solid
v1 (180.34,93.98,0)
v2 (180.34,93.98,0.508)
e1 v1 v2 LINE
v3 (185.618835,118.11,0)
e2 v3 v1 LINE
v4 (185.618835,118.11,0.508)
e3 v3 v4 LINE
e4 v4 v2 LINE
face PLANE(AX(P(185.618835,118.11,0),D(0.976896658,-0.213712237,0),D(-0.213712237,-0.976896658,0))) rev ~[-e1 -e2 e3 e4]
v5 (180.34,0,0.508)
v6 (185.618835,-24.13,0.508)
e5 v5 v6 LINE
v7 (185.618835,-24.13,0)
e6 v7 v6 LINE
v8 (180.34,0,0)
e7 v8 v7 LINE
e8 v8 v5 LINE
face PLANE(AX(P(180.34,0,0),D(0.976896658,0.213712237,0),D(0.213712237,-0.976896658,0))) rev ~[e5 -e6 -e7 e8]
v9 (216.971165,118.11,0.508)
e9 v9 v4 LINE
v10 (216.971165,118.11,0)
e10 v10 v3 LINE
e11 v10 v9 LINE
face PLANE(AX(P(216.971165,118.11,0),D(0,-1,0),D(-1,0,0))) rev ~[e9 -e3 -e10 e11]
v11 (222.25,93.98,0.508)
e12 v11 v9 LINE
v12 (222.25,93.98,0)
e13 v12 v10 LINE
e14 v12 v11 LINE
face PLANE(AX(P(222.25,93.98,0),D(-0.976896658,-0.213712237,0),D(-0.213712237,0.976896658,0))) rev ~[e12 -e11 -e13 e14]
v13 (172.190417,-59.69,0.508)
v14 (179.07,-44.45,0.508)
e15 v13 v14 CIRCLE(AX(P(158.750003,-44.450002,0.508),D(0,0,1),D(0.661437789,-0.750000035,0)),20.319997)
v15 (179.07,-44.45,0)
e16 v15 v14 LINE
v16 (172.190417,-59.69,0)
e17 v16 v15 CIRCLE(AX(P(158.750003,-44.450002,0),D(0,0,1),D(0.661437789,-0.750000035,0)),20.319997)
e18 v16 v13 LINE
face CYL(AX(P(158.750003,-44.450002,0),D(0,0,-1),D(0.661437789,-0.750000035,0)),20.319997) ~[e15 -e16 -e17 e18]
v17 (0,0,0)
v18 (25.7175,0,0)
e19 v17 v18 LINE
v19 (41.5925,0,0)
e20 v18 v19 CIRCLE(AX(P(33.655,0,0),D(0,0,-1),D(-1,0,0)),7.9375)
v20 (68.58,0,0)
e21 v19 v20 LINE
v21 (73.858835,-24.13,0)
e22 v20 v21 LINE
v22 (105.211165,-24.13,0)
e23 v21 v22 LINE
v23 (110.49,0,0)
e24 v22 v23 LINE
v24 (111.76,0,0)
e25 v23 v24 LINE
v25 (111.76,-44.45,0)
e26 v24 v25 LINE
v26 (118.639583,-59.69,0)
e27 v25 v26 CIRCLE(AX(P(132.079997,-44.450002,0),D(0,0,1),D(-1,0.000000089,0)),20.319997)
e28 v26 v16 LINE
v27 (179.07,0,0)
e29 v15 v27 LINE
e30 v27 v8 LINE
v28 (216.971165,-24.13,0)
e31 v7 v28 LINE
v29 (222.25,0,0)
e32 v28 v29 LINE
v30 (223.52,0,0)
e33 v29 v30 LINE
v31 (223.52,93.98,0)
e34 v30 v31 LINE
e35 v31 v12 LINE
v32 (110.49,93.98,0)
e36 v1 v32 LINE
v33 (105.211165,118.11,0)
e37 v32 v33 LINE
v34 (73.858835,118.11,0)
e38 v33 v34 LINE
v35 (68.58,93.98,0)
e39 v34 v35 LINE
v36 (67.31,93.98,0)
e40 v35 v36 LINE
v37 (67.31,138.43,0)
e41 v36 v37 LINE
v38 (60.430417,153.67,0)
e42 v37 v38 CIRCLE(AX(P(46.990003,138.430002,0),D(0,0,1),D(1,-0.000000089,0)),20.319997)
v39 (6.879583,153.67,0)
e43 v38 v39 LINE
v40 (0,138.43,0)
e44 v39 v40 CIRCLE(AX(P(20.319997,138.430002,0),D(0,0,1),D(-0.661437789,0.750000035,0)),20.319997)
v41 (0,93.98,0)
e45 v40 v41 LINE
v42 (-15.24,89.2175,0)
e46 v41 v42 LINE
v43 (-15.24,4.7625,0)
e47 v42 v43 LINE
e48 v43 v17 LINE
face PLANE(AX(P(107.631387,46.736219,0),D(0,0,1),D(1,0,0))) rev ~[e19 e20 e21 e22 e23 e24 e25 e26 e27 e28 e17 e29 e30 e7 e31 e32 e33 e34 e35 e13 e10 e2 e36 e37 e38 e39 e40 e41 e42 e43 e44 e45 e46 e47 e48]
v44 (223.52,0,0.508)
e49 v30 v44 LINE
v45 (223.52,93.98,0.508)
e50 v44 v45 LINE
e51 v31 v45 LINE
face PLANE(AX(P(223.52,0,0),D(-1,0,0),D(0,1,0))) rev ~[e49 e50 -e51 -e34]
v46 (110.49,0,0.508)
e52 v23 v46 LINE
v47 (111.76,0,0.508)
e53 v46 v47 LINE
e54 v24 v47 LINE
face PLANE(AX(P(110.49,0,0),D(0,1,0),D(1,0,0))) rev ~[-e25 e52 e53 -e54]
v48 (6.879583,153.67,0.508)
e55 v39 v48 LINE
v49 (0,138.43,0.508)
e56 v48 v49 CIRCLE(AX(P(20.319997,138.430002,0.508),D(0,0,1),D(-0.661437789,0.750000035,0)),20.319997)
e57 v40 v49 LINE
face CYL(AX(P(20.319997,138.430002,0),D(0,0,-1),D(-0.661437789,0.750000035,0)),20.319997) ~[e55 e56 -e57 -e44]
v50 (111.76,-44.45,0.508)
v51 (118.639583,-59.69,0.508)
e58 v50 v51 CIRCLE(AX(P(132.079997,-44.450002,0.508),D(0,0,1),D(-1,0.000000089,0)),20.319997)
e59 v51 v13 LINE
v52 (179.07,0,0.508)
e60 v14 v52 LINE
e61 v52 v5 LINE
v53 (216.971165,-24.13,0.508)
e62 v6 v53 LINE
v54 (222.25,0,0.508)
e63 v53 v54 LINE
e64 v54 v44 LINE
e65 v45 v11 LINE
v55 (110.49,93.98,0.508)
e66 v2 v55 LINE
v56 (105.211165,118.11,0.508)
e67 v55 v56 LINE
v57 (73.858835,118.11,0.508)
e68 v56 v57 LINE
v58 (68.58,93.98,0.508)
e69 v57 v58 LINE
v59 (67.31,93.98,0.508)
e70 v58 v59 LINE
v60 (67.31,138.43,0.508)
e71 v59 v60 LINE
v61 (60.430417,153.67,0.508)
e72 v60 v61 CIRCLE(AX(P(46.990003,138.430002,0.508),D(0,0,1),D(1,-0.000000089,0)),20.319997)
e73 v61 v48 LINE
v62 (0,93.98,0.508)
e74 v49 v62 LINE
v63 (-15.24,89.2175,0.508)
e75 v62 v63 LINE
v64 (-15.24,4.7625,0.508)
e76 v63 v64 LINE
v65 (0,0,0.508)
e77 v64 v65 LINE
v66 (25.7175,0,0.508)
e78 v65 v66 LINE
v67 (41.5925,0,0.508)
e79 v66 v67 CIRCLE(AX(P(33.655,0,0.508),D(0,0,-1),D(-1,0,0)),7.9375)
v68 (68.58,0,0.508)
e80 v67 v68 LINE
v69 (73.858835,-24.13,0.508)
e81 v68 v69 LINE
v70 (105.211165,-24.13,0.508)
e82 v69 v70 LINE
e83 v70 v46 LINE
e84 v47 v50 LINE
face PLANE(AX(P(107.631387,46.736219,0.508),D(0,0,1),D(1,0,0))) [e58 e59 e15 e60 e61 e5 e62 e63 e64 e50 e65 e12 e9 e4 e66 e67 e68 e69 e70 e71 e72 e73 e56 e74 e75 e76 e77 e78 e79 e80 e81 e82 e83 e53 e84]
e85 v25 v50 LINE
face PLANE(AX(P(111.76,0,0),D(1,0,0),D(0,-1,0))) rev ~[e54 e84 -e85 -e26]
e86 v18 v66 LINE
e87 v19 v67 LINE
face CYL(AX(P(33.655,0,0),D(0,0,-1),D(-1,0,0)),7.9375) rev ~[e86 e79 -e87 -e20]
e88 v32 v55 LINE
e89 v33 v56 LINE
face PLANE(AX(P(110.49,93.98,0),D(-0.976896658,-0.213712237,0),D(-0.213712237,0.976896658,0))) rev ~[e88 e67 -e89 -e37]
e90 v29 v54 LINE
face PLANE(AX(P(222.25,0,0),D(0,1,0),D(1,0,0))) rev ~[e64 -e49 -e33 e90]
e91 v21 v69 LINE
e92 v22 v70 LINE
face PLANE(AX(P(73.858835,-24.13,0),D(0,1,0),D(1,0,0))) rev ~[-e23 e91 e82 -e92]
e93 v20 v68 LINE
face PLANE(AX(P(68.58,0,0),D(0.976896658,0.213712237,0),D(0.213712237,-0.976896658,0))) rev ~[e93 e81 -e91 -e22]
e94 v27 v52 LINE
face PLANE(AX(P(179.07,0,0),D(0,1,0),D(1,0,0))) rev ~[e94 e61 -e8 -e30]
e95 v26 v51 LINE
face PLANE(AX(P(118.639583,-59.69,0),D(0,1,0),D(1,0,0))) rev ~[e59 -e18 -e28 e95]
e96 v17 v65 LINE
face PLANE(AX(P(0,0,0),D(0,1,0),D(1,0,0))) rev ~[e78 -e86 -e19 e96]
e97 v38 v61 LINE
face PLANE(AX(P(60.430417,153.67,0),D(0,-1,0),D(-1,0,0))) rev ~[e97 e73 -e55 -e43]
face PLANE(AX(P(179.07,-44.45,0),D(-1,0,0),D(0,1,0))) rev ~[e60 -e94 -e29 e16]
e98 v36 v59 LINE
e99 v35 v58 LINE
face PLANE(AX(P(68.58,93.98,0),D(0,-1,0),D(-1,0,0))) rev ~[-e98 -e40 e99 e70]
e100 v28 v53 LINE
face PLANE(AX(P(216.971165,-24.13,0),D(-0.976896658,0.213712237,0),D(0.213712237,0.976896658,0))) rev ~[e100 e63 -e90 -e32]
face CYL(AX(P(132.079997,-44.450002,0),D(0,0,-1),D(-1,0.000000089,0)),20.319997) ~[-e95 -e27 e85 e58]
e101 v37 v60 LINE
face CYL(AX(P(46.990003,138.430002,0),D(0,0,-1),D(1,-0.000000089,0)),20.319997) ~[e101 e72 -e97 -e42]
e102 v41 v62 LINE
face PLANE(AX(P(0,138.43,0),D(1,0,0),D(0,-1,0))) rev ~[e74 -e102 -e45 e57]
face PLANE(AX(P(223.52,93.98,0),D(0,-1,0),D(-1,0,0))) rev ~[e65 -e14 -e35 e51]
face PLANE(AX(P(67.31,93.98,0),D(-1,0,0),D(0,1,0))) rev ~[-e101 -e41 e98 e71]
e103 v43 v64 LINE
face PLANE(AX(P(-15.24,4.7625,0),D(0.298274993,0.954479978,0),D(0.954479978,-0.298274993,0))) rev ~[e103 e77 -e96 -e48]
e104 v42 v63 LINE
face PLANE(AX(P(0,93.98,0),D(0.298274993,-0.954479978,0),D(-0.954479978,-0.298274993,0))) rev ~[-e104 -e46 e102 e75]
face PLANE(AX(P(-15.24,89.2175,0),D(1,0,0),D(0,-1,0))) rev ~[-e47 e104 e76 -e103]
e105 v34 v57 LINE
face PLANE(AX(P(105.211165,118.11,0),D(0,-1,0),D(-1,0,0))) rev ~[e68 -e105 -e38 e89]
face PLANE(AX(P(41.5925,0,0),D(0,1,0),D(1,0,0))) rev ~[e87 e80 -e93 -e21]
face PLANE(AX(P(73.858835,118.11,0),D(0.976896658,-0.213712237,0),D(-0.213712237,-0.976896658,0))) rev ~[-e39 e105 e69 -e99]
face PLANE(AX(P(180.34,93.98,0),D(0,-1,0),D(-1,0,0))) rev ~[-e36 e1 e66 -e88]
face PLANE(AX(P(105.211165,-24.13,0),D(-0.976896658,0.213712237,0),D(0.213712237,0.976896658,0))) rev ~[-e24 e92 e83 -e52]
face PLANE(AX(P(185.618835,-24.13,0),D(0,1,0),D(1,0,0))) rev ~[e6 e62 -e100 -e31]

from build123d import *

# Parameters (mm, degrees)
F1_DEPTH = 0.508


with BuildPart() as f1:
    # F0 (on Top) → F1 (new body)
    with BuildSketch(Plane.XY):
        with BuildLine():
            Line((-15.24, 4.7625), (0, 0))
            Line((0, 0), (25.7175, 0))
            ThreePointArc((25.7175, 0), (33.655, 7.9375), (41.5925, 0))
            Line((41.5925, 0), (67.31, 0))
            Line((67.31, 0), (68.58, 0))
            Line((68.58, 0), (73.858835, -24.13))
            Line((73.858835, -24.13), (105.211165, -24.13))
            Line((105.211165, -24.13), (110.49, 0))
            Line((110.49, 0), (111.76, 0))
            Line((111.76, 0), (111.76, -44.45))
            ThreePointArc((111.76, -44.45), (113.559583, -52.810417), (118.639583, -59.69))
            Line((118.639583, -59.69), (172.190417, -59.69))
            ThreePointArc((172.190417, -59.69), (177.270417, -52.810417), (179.07, -44.45))
            Line((179.07, -44.45), (179.07, 0))
            Line((179.07, 0), (180.34, 0))
            Line((180.34, 0), (185.618835, -24.13))
            Line((185.618835, -24.13), (216.971165, -24.13))
            Line((216.971165, -24.13), (222.25, 0))
            Line((222.25, 0), (223.52, 0))
            Line((223.52, 0), (223.52, 93.98))
            Line((223.52, 93.98), (222.25, 93.98))
            Line((222.25, 93.98), (216.971165, 118.11))
            Line((216.971165, 118.11), (185.618835, 118.11))
            Line((185.618835, 118.11), (180.34, 93.98))
            Line((180.34, 93.98), (179.07, 93.98))
            Line((179.07, 93.98), (111.76, 93.98))
            Line((111.76, 93.98), (110.49, 93.98))
            Line((110.49, 93.98), (105.211165, 118.11))
            Line((105.211165, 118.11), (73.858835, 118.11))
            Line((73.858835, 118.11), (68.58, 93.98))
            Line((68.58, 93.98), (67.31, 93.98))
            Line((67.31, 93.98), (67.31, 138.43))
            ThreePointArc((67.31, 138.43), (65.510417, 146.790417), (60.430417, 153.67))
            Line((60.430417, 153.67), (33.655, 153.67))
            Line((33.655, 153.67), (6.879583, 153.67))
            ThreePointArc((6.879583, 153.67), (1.799583, 146.790417), (0, 138.43))
            Line((0, 138.43), (0, 93.98))
            Line((0, 93.98), (-15.24, 89.2175))
            Line((-15.24, 89.2175), (-15.24, 46.99))
            Line((-15.24, 46.99), (-15.24, 4.7625))
        make_face()
    extrude(amount=F1_DEPTH)


solid = f1.part
